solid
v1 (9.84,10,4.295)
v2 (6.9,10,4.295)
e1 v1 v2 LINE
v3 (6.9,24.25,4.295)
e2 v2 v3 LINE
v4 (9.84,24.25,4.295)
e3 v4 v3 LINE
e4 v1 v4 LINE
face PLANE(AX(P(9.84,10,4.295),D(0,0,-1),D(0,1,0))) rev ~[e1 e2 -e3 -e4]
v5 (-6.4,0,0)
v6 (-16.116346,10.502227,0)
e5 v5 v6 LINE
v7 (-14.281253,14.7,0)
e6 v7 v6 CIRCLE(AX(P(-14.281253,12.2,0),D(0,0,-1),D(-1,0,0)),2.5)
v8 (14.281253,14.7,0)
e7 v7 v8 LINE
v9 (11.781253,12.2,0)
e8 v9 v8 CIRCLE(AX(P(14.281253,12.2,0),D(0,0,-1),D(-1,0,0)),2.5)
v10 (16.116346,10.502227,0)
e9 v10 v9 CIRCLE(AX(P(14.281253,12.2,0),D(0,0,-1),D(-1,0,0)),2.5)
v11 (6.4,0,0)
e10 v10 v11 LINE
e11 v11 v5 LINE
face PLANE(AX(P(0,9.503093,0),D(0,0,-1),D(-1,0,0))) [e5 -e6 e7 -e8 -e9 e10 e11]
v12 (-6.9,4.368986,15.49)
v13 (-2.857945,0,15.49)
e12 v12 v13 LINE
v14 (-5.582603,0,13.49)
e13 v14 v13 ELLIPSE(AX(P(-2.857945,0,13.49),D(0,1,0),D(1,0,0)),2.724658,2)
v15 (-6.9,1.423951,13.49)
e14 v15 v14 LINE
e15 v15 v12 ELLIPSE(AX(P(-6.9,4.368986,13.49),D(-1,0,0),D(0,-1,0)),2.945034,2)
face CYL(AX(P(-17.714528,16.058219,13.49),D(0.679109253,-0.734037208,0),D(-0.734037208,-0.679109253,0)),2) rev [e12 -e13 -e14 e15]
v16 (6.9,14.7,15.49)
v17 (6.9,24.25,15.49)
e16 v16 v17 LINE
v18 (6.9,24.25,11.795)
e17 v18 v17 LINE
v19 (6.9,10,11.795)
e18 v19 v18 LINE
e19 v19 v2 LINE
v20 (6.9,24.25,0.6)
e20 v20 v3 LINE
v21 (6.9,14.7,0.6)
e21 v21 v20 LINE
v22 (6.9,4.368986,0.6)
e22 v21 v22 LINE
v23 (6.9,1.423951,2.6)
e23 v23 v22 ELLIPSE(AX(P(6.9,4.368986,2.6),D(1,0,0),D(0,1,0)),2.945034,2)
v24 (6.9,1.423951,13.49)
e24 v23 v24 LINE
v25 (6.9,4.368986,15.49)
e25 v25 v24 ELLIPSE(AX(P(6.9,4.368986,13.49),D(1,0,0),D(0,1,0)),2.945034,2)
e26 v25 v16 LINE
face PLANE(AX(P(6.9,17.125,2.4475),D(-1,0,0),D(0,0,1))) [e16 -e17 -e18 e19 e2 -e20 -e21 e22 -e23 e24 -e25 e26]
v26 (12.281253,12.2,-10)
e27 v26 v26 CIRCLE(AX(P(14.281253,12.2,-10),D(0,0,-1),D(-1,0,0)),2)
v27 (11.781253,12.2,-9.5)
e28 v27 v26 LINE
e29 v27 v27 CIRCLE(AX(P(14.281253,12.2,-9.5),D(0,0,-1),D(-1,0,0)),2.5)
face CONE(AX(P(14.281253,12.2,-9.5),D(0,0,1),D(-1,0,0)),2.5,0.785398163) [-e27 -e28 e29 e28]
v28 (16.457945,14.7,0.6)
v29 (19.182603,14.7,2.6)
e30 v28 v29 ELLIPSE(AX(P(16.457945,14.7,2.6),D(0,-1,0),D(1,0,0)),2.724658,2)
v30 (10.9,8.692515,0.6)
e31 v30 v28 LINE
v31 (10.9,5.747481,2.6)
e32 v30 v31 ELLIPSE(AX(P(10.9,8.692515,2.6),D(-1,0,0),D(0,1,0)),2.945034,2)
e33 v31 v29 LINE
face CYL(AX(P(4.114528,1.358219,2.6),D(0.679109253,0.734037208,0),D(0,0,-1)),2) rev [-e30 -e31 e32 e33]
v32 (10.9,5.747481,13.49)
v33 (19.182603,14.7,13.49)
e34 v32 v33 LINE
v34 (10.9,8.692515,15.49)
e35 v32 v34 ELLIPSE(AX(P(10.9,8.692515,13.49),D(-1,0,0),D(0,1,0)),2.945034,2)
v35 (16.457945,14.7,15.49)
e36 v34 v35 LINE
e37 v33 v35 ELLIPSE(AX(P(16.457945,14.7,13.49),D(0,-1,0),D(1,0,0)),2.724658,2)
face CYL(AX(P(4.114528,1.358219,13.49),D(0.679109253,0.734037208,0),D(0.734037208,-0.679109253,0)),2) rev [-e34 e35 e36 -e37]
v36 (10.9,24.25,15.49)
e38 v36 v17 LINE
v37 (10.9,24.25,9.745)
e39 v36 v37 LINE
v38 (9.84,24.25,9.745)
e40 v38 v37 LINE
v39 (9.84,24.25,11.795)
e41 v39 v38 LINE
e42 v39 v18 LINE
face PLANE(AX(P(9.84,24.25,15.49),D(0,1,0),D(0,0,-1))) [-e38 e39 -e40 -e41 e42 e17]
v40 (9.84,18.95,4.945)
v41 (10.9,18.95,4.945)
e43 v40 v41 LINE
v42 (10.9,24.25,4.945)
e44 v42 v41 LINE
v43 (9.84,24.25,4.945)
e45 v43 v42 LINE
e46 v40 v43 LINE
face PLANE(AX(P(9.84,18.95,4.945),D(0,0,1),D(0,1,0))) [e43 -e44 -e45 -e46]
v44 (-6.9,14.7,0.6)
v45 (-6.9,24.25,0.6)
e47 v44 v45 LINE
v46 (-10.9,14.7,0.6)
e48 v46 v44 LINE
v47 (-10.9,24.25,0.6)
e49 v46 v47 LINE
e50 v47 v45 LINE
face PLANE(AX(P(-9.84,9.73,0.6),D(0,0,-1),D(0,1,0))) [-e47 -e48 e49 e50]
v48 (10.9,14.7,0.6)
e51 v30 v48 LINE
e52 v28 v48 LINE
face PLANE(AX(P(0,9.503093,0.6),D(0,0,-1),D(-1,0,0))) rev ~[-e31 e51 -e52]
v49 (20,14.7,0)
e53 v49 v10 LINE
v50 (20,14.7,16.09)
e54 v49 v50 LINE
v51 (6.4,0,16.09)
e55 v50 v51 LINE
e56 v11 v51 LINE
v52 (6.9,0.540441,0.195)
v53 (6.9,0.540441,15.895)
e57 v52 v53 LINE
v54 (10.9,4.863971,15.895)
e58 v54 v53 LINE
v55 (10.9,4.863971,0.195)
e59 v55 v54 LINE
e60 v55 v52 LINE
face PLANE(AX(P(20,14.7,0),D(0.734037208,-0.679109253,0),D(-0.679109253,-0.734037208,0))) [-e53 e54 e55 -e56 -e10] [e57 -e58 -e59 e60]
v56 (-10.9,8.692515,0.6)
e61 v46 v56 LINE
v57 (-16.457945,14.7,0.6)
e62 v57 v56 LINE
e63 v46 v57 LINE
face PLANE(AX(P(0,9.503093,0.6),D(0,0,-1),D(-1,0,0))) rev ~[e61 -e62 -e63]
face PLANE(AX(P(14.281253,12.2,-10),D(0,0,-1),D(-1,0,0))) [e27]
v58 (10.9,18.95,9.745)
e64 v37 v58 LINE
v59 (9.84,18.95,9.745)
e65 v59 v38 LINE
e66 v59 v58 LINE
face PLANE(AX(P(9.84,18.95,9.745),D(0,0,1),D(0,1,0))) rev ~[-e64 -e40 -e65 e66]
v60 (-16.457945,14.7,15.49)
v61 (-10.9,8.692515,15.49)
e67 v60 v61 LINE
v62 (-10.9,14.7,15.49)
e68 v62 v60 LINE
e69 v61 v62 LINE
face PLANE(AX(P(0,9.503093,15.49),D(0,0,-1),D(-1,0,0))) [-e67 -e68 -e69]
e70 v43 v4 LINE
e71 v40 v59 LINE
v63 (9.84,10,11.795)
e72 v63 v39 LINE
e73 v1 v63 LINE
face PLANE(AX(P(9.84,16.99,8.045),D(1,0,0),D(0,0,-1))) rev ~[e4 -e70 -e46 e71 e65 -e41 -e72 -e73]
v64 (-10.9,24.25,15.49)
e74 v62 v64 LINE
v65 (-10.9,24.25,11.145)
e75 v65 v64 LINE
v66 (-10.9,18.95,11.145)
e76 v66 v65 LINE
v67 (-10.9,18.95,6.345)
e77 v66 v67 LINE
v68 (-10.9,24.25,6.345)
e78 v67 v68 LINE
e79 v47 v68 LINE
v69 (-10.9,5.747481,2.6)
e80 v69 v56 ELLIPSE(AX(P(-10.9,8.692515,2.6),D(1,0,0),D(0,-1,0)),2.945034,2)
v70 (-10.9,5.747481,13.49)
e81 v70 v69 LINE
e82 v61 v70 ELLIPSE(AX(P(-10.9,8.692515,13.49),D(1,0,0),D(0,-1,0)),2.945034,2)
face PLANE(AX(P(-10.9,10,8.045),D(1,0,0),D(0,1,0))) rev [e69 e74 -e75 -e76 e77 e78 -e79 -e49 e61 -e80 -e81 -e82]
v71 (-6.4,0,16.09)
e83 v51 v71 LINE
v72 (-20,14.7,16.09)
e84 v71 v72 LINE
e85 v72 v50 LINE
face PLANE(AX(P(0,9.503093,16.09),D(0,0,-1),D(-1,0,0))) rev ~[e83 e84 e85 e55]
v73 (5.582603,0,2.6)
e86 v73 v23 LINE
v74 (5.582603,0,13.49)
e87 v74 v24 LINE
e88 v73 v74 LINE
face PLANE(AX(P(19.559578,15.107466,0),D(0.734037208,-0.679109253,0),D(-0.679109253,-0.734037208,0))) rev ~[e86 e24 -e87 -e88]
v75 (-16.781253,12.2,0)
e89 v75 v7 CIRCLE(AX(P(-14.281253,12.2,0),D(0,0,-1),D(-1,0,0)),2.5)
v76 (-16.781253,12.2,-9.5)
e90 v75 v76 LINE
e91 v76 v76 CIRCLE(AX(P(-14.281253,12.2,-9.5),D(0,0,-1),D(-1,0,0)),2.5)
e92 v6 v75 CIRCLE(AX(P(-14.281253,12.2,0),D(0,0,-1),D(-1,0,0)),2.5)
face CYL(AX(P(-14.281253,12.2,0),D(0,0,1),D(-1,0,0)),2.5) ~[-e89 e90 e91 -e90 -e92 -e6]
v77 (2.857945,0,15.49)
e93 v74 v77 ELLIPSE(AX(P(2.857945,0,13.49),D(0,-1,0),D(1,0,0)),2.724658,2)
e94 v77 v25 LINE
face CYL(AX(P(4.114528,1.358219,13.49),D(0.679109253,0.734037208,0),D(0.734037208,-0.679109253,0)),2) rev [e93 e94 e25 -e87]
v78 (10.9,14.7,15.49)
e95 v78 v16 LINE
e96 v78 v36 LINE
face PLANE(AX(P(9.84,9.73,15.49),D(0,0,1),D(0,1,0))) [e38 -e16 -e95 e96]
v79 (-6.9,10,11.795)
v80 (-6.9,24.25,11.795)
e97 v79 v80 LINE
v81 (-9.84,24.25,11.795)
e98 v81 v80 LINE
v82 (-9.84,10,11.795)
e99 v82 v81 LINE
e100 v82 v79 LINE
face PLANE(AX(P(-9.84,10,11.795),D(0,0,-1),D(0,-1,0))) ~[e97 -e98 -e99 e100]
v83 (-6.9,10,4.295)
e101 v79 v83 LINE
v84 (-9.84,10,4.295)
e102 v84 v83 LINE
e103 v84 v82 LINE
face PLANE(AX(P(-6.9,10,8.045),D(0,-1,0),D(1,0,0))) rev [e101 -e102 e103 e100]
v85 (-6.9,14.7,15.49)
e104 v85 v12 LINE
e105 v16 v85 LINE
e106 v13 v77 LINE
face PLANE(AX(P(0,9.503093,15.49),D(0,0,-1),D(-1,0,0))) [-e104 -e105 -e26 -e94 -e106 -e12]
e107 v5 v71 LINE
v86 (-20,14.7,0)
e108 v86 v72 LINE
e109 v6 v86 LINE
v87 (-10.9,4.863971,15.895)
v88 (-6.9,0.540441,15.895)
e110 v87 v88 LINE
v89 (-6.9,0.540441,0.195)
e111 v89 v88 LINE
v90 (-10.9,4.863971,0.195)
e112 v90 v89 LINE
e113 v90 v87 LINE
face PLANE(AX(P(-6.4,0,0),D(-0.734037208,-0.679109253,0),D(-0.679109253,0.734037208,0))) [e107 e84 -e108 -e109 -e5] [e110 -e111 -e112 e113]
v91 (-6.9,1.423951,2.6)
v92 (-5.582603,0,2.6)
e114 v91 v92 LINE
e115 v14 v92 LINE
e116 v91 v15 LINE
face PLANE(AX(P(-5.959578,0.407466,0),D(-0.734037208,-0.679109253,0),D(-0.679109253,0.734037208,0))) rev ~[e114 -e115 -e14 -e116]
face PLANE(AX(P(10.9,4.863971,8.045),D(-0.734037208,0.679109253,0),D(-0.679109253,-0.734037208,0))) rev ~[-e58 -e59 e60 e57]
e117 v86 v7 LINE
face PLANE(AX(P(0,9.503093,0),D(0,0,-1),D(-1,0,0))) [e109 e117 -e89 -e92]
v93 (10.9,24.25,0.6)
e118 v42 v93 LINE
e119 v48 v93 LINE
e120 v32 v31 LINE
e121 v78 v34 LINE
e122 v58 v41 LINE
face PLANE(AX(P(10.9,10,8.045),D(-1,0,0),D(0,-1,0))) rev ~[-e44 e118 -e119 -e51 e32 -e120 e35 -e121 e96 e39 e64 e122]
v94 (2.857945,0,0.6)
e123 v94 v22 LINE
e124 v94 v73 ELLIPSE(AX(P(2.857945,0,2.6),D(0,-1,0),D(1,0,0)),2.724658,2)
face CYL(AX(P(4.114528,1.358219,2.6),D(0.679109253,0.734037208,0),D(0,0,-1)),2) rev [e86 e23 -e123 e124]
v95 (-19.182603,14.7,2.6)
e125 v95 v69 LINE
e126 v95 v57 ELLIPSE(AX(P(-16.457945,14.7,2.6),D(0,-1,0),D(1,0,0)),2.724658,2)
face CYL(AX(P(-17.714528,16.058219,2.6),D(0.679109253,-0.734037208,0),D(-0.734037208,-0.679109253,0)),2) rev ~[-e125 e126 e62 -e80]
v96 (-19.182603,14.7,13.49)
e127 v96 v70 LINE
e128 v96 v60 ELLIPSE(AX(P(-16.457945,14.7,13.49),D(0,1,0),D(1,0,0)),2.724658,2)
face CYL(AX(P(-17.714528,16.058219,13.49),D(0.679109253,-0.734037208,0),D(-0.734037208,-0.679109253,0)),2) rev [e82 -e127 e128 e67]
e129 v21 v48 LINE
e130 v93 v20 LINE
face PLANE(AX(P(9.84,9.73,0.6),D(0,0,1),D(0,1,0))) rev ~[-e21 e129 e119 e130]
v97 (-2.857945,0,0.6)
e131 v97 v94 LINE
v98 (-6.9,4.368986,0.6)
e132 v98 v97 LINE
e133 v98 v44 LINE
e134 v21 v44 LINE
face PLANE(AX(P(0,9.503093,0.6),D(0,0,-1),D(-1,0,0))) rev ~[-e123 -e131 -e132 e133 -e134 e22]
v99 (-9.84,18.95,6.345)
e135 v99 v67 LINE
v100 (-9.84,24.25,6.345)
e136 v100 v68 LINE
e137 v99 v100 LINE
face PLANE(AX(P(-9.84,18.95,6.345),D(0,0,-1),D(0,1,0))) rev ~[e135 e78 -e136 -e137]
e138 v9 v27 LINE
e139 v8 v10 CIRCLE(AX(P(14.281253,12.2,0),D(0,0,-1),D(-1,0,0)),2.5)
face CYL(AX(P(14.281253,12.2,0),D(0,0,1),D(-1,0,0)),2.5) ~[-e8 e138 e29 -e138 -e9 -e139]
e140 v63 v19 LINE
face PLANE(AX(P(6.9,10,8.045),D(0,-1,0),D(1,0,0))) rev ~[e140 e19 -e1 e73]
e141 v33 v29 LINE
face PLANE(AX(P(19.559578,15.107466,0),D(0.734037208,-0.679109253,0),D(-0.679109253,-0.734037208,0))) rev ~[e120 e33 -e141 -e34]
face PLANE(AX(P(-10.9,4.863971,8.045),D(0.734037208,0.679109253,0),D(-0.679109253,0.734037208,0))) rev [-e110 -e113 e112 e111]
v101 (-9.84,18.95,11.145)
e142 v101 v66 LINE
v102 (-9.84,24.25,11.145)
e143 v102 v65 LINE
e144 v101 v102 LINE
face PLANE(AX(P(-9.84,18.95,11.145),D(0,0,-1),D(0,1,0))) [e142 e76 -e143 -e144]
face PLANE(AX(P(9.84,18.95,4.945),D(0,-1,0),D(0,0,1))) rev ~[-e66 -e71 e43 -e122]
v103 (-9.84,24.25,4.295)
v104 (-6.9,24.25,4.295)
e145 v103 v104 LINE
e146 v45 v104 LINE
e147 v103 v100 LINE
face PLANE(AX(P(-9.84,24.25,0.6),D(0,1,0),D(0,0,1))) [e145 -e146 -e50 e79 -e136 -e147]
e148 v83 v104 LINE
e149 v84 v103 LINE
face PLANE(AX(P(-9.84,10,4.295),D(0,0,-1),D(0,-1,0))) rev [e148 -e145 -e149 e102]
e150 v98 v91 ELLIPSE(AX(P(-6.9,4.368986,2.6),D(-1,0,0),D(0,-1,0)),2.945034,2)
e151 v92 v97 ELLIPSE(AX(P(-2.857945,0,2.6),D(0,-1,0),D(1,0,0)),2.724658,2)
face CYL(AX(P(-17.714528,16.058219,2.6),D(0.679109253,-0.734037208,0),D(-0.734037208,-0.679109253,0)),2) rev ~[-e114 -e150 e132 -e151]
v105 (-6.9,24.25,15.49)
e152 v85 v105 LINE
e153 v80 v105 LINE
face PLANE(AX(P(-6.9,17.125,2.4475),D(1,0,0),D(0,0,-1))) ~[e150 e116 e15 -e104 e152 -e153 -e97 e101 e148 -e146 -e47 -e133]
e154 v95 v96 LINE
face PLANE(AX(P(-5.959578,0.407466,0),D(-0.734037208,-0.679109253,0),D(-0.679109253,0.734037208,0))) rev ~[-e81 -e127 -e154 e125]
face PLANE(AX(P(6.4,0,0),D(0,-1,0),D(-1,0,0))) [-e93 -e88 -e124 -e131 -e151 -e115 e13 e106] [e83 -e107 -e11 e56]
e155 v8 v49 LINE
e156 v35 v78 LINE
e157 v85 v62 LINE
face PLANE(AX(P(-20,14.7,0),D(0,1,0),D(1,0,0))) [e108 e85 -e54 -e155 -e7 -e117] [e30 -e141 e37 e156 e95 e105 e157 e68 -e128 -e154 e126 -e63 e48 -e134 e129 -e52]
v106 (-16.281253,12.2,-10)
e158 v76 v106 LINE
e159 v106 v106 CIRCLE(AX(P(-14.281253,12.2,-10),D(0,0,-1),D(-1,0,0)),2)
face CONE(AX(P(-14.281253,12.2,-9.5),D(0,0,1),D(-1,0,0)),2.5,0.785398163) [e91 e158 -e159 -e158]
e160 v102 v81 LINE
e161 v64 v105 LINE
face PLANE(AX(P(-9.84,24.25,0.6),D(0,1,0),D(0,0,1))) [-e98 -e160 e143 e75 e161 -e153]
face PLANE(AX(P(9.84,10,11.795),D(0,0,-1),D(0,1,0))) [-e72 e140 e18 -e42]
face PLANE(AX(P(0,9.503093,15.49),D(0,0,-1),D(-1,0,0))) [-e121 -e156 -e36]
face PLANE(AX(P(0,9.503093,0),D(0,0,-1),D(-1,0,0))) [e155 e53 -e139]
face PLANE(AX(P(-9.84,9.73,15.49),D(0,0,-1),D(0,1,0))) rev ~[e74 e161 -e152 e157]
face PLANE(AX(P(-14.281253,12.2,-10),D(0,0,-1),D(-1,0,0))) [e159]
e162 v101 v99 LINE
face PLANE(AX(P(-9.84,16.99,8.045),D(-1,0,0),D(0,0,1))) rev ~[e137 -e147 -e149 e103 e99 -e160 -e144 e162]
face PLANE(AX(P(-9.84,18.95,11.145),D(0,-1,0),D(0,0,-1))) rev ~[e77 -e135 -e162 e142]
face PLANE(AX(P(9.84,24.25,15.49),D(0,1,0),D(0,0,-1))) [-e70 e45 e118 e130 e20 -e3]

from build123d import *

# Parameters (mm, degrees)
AUFSATZ_LINEAR_AUSTRAGEN1_DEPTH  = 16.09
WANDUNG2_T                       = -0.6
VERRUNDUNG1_R                    = 2
VERRUNDUNG2_R                    = 2
SKIZZE7_R                        = 2.5
AUFSATZ_LINEAR_AUSTRAGEN4_DEPTH  = 10
FASE3_SIZE                       = 0.5
AUFSATZ_LINEAR_AUSTRAGEN8_DEPTH  = 7.85
SKIZZE14_W                       = 3.695
SKIZZE14_H                       = 14.25
AUFSATZ_LINEAR_AUSTRAGEN9_DEPTH  = 2.94
SKIZZE15_W                       = 14.89
SKIZZE15_H                       = 14.52
AUFSATZ_LINEAR_AUSTRAGEN10_DEPTH = 1.06
SCHNITT_LINEAR_AUSTRAGEN1_REACH  = 12.16
SKIZZE16_W                       = 4.8
SKIZZE16_H                       = 5.3
SKIZZE17_W                       = 14.89
SKIZZE17_H                       = 14.52
AUFSATZ_LINEAR_AUSTRAGEN11_DEPTH = 1.06
SCHNITT_LINEAR_AUSTRAGEN2_REACH  = 12.16
SKIZZE18_W                       = 4.8
SKIZZE18_H                       = 5.3


with BuildPart() as part:
    # Skizze4 → Aufsatz-Linear austragen1 (new body)
    with BuildSketch(Plane.XY):
        Polygon((-6.4, 0), (-20, 14.7), (20, 14.7), (6.4, 0), align=None)
    extrude(amount=AUFSATZ_LINEAR_AUSTRAGEN1_DEPTH)

    # Wandung2
    wandung2_openings = [part.faces().sort_by_distance(p)[0] for p in [
        (0, 14.7, 8.045),
        (0, 0, 8.045),
    ]]
    offset(amount=WANDUNG2_T, openings=wandung2_openings, kind=Kind.INTERSECTION)

    # Verrundung1
    verrundung1_edges = [part.edges().sort_by_distance(p)[0] for p in [
        (12.382602743, 7.35, 15.49),
        (-12.382602743, 7.35, 15.49),
    ]]
    fillet(verrundung1_edges, radius=VERRUNDUNG1_R)

    # Verrundung2
    verrundung2_edges = [part.edges().sort_by_distance(p)[0] for p in [
        (12.382602743, 7.35, 0.6),
        (-12.382602743, 7.35, 0.6),
    ]]
    fillet(verrundung2_edges, radius=VERRUNDUNG2_R)

    # Skizze7 → Aufsatz-Linear austragen4 (add)
    with BuildSketch(Plane(origin=(0, 0, 0), x_dir=(-1, 0, 0), z_dir=(0, 0, -1))):
        with Locations((-14.281252926, 12.2)):
            Circle(SKIZZE7_R)
        with Locations((14.281252926, 12.2)):
            Circle(SKIZZE7_R)
    extrude(amount=AUFSATZ_LINEAR_AUSTRAGEN4_DEPTH)

    # Fase3
    fase3_edges = [part.edges().sort_by_distance(p)[0] for p in [
        (16.781252926, 12.2, -10),
        (-11.781252926, 12.2, -10),
    ]]
    chamfer(fase3_edges, length=FASE3_SIZE)

    # Skizze12 → Aufsatz-Linear austragen8 (add, symmetric)
    with BuildSketch(Plane.XY.offset(8.045)):
        Polygon((6.9, 0.540441176), (6.9, 10), (10.9, 10), (10.9, 4.863970588), align=None)
    aufsatz_linear_austragen8 = extrude(amount=AUFSATZ_LINEAR_AUSTRAGEN8_DEPTH, both=True)

    # Spiegeln6: Aufsatz-Linear austragen8 across plane
    add(aufsatz_linear_austragen8.mirror(Plane(origin=(0, 0, 0), x_dir=(0, 0, 1), z_dir=(1, 0, 0))))

    # Skizze14 → Aufsatz-Linear austragen9 (add)
    with BuildSketch(Plane.ZY.offset(-9.84)):
        with Locations((2.4475, 17.125)):
            Rectangle(SKIZZE14_W, SKIZZE14_H)
        with Locations((13.6425, 17.125)):
            Rectangle(SKIZZE14_W, SKIZZE14_H)
    aufsatz_linear_austragen9 = extrude(amount=AUFSATZ_LINEAR_AUSTRAGEN9_DEPTH)

    # Skizze15 → Aufsatz-Linear austragen10 (add)
    with BuildSketch(Plane(origin=(9.84, 0, 0), x_dir=(0, 0, -1), z_dir=(1, 0, 0))):
        with Locations((-8.045, 16.99)):
            Rectangle(SKIZZE15_W, SKIZZE15_H)
    extrude(amount=AUFSATZ_LINEAR_AUSTRAGEN10_DEPTH)

    # Skizze16 → Schnitt-Linear austragen1 (cut, up to next)
    with BuildSketch(Plane.ZY.offset(-9.84), mode=Mode.PRIVATE) as schnitt_linear_austragen1_sk1:
        with Locations((7.345, 21.6)):
            Rectangle(SKIZZE16_W, SKIZZE16_H)
    schnitt_linear_austragen1_tool1 = extrude(schnitt_linear_austragen1_sk1.sketch, amount=-SCHNITT_LINEAR_AUSTRAGEN1_REACH, mode=Mode.PRIVATE) & part.part
    add(schnitt_linear_austragen1_tool1.solids().sort_by_distance((9.84, 21.6, 7.345))[0], mode=Mode.SUBTRACT)

    # Spiegeln9: Aufsatz-Linear austragen9 across plane
    add(aufsatz_linear_austragen9.mirror(Plane(origin=(0, 0, 0), x_dir=(0, 0, 1), z_dir=(1, 0, 0))))

    # Skizze17 → Aufsatz-Linear austragen11 (add)
    with BuildSketch(Plane.ZY.offset(9.84)):
        with Locations((8.045, 16.99)):
            Rectangle(SKIZZE17_W, SKIZZE17_H)
    extrude(amount=AUFSATZ_LINEAR_AUSTRAGEN11_DEPTH)

    # Skizze18 → Schnitt-Linear austragen2 (cut, up to next)
    with BuildSketch(Plane(origin=(-9.84, 0, 0), x_dir=(0, 0, -1), z_dir=(1, 0, 0)), mode=Mode.PRIVATE) as schnitt_linear_austragen2_sk1:
        with Locations((-8.745, 21.6)):
            Rectangle(SKIZZE18_W, SKIZZE18_H)
    schnitt_linear_austragen2_tool1 = extrude(schnitt_linear_austragen2_sk1.sketch, amount=-SCHNITT_LINEAR_AUSTRAGEN2_REACH, mode=Mode.PRIVATE) & part.part
    add(schnitt_linear_austragen2_tool1.solids().sort_by_distance((-9.84, 21.6, 8.745))[0], mode=Mode.SUBTRACT)


solid = part.part
